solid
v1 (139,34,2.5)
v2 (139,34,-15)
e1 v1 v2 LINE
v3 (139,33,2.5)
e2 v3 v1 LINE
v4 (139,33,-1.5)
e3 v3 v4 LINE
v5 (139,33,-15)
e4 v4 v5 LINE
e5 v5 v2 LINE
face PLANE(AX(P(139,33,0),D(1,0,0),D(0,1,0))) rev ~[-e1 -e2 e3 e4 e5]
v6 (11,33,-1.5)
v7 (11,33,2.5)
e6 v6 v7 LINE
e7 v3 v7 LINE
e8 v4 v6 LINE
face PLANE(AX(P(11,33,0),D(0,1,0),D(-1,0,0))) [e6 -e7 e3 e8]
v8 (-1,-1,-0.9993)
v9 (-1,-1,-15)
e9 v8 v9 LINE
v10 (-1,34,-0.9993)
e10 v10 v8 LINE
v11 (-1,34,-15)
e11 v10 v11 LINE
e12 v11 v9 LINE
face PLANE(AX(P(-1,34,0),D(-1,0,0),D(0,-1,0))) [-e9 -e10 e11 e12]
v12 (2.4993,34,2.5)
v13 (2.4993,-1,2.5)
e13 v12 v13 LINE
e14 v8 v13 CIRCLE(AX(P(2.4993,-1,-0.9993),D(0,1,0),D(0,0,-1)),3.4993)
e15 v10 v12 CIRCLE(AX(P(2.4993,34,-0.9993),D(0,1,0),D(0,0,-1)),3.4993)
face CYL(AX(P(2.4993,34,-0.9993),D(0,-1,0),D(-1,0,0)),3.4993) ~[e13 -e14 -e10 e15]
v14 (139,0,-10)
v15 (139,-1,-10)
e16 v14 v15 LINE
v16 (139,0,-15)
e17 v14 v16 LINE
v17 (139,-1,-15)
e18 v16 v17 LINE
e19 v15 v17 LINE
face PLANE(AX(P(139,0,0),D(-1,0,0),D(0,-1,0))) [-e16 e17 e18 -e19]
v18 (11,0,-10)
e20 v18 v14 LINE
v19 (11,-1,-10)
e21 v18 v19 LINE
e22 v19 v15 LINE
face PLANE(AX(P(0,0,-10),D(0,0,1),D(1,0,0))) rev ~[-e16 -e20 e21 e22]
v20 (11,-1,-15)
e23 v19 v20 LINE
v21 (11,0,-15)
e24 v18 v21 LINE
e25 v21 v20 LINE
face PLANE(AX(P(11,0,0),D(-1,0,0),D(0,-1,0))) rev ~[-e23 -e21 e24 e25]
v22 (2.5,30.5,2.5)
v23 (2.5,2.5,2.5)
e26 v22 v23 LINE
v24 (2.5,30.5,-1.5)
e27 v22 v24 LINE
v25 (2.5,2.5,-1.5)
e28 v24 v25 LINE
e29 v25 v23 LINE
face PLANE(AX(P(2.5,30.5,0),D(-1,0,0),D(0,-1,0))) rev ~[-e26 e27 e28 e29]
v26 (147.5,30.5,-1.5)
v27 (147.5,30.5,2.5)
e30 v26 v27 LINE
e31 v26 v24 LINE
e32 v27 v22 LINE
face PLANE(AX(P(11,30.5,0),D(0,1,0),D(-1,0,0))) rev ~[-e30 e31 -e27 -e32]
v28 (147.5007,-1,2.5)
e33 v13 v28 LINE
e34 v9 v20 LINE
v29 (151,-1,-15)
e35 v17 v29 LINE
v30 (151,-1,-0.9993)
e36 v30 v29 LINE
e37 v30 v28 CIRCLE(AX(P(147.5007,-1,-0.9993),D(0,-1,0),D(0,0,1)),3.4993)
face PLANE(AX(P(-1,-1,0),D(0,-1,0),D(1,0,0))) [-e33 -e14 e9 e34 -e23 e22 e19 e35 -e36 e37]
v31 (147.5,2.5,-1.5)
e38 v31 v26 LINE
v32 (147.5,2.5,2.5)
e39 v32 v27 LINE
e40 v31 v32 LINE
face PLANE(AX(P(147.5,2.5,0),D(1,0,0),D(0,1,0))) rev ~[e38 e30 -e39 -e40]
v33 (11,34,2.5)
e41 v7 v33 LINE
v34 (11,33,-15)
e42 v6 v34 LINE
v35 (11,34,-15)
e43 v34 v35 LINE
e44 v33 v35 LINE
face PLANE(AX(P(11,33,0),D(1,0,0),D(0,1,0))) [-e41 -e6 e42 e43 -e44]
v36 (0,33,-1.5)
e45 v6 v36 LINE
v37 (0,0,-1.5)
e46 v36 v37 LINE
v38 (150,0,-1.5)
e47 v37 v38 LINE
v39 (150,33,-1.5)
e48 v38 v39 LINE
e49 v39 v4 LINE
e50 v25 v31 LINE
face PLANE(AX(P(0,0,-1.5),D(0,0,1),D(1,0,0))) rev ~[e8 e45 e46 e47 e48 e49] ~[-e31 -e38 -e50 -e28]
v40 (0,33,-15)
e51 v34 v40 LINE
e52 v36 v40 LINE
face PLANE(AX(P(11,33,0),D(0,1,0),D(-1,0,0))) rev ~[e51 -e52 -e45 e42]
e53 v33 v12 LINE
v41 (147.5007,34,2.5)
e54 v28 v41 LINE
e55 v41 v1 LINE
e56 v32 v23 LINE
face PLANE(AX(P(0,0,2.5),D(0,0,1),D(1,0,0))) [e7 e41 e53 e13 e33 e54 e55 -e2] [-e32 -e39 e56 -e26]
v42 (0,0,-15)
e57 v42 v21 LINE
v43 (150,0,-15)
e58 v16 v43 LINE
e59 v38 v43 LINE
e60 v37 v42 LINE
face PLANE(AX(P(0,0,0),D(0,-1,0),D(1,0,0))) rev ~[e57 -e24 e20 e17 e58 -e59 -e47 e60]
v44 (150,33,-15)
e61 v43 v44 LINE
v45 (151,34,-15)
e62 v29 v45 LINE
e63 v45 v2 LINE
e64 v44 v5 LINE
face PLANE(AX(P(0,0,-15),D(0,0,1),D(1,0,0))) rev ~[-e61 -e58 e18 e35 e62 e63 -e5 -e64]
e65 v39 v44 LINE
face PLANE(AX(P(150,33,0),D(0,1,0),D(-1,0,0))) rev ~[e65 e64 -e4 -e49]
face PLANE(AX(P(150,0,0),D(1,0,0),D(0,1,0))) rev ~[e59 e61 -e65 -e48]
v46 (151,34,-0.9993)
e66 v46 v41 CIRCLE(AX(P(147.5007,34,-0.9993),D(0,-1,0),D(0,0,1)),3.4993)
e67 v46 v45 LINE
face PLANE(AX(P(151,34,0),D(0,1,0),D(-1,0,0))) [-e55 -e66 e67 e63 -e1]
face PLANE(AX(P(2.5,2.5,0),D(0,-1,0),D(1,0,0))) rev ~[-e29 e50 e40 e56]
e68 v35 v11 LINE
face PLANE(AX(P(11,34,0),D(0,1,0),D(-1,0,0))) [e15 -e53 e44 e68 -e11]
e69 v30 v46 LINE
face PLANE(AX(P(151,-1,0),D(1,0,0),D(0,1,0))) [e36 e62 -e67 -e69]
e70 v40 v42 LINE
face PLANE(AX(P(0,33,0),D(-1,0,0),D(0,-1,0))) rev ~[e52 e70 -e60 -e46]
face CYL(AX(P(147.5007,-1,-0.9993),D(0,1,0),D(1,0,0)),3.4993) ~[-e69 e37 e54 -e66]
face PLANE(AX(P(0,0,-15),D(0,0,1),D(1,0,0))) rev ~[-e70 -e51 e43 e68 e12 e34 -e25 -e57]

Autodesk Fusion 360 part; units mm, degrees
sketch "top" plane through (0, 0, 0) normal (0, 0, 1) x (1, 0, 0)
  line L0 (0, 0) -> (150, 0)
  line L1 (150, 0) -> (150, 33)
  line L2 (150, 33) -> (0, 33)
  line L3 (0, 33) -> (0, 0)
  line L4 (-1, -1) -> (151, -1)
  line L5 (151, -1) -> (151, 34)
  line L6 (151, 34) -> (-1, 34)
  line L7 (-1, 34) -> (-1, -1)
  line L8 (2.5, 2.5) -> (147.5, 2.5)
  line L9 (147.5, 2.5) -> (147.5, 30.5)
  line L10 (147.5, 30.5) -> (2.5, 30.5)
  line L11 (2.5, 30.5) -> (2.5, 2.5)
  line L12 (11, 30.5) -> (11, 34)
  line L13 (-1, 16.5) -> (151, 16.5) construction
  line L14 (75, 34) -> (75, -1) construction
  line L15 (139, 30.5) -> (139, 34)
  line L16 (11, 2.5) -> (11, -1)
  line L17 (139, 2.5) -> (139, -1)
  dimension "d4" = 150
  dimension "d5" = 33
  dimension "d6" = 1
  dimension "d7" = -2.5
  dimension "d8" = 12
extrude "Extrude1" add sketch "top" against normal blind 15 contours L0 L2 L3 L4 L6 L7 L12 L16 | L0 L1 L2 L4 L5 L6 L15 L17 makes body 1 at (-1, 22.3333, -5) makes body 2 at (151, 10.6667, -5)
extrude "Extrude2" add sketch "top" against normal blind 10 contours L0 L4 L16 L17 bodies 1 2
extrude "Extrude3" add sketch "top" against normal blind 1.5 contours L0 L2 L3 L8 L10 L11 L12 L16 | L0 L8 L16 L17 | L0 L1 L2 L8 L9 L10 L15 L17 | L2 L10 L12 L15 bodies 1
extrude "Extrude4" add sketch "top" along normal blind 2.5 contours L0 L2 L3 L8 L10 L11 L12 L16 | L0 L2 L3 L4 L6 L7 L12 L16 | L0 L8 L16 L17 | L0 L4 L16 L17 | L0 L1 L2 L8 L9 L10 L15 L17 | L0 L1 L2 L4 L5 L6 L15 L17 | L2 L10 L12 L15 bodies 1
fillet "Fillet1" radius 3.5 2 edges at (151, 16.5, 2.5) (-1, 16.5, 2.5) on bodies 1
